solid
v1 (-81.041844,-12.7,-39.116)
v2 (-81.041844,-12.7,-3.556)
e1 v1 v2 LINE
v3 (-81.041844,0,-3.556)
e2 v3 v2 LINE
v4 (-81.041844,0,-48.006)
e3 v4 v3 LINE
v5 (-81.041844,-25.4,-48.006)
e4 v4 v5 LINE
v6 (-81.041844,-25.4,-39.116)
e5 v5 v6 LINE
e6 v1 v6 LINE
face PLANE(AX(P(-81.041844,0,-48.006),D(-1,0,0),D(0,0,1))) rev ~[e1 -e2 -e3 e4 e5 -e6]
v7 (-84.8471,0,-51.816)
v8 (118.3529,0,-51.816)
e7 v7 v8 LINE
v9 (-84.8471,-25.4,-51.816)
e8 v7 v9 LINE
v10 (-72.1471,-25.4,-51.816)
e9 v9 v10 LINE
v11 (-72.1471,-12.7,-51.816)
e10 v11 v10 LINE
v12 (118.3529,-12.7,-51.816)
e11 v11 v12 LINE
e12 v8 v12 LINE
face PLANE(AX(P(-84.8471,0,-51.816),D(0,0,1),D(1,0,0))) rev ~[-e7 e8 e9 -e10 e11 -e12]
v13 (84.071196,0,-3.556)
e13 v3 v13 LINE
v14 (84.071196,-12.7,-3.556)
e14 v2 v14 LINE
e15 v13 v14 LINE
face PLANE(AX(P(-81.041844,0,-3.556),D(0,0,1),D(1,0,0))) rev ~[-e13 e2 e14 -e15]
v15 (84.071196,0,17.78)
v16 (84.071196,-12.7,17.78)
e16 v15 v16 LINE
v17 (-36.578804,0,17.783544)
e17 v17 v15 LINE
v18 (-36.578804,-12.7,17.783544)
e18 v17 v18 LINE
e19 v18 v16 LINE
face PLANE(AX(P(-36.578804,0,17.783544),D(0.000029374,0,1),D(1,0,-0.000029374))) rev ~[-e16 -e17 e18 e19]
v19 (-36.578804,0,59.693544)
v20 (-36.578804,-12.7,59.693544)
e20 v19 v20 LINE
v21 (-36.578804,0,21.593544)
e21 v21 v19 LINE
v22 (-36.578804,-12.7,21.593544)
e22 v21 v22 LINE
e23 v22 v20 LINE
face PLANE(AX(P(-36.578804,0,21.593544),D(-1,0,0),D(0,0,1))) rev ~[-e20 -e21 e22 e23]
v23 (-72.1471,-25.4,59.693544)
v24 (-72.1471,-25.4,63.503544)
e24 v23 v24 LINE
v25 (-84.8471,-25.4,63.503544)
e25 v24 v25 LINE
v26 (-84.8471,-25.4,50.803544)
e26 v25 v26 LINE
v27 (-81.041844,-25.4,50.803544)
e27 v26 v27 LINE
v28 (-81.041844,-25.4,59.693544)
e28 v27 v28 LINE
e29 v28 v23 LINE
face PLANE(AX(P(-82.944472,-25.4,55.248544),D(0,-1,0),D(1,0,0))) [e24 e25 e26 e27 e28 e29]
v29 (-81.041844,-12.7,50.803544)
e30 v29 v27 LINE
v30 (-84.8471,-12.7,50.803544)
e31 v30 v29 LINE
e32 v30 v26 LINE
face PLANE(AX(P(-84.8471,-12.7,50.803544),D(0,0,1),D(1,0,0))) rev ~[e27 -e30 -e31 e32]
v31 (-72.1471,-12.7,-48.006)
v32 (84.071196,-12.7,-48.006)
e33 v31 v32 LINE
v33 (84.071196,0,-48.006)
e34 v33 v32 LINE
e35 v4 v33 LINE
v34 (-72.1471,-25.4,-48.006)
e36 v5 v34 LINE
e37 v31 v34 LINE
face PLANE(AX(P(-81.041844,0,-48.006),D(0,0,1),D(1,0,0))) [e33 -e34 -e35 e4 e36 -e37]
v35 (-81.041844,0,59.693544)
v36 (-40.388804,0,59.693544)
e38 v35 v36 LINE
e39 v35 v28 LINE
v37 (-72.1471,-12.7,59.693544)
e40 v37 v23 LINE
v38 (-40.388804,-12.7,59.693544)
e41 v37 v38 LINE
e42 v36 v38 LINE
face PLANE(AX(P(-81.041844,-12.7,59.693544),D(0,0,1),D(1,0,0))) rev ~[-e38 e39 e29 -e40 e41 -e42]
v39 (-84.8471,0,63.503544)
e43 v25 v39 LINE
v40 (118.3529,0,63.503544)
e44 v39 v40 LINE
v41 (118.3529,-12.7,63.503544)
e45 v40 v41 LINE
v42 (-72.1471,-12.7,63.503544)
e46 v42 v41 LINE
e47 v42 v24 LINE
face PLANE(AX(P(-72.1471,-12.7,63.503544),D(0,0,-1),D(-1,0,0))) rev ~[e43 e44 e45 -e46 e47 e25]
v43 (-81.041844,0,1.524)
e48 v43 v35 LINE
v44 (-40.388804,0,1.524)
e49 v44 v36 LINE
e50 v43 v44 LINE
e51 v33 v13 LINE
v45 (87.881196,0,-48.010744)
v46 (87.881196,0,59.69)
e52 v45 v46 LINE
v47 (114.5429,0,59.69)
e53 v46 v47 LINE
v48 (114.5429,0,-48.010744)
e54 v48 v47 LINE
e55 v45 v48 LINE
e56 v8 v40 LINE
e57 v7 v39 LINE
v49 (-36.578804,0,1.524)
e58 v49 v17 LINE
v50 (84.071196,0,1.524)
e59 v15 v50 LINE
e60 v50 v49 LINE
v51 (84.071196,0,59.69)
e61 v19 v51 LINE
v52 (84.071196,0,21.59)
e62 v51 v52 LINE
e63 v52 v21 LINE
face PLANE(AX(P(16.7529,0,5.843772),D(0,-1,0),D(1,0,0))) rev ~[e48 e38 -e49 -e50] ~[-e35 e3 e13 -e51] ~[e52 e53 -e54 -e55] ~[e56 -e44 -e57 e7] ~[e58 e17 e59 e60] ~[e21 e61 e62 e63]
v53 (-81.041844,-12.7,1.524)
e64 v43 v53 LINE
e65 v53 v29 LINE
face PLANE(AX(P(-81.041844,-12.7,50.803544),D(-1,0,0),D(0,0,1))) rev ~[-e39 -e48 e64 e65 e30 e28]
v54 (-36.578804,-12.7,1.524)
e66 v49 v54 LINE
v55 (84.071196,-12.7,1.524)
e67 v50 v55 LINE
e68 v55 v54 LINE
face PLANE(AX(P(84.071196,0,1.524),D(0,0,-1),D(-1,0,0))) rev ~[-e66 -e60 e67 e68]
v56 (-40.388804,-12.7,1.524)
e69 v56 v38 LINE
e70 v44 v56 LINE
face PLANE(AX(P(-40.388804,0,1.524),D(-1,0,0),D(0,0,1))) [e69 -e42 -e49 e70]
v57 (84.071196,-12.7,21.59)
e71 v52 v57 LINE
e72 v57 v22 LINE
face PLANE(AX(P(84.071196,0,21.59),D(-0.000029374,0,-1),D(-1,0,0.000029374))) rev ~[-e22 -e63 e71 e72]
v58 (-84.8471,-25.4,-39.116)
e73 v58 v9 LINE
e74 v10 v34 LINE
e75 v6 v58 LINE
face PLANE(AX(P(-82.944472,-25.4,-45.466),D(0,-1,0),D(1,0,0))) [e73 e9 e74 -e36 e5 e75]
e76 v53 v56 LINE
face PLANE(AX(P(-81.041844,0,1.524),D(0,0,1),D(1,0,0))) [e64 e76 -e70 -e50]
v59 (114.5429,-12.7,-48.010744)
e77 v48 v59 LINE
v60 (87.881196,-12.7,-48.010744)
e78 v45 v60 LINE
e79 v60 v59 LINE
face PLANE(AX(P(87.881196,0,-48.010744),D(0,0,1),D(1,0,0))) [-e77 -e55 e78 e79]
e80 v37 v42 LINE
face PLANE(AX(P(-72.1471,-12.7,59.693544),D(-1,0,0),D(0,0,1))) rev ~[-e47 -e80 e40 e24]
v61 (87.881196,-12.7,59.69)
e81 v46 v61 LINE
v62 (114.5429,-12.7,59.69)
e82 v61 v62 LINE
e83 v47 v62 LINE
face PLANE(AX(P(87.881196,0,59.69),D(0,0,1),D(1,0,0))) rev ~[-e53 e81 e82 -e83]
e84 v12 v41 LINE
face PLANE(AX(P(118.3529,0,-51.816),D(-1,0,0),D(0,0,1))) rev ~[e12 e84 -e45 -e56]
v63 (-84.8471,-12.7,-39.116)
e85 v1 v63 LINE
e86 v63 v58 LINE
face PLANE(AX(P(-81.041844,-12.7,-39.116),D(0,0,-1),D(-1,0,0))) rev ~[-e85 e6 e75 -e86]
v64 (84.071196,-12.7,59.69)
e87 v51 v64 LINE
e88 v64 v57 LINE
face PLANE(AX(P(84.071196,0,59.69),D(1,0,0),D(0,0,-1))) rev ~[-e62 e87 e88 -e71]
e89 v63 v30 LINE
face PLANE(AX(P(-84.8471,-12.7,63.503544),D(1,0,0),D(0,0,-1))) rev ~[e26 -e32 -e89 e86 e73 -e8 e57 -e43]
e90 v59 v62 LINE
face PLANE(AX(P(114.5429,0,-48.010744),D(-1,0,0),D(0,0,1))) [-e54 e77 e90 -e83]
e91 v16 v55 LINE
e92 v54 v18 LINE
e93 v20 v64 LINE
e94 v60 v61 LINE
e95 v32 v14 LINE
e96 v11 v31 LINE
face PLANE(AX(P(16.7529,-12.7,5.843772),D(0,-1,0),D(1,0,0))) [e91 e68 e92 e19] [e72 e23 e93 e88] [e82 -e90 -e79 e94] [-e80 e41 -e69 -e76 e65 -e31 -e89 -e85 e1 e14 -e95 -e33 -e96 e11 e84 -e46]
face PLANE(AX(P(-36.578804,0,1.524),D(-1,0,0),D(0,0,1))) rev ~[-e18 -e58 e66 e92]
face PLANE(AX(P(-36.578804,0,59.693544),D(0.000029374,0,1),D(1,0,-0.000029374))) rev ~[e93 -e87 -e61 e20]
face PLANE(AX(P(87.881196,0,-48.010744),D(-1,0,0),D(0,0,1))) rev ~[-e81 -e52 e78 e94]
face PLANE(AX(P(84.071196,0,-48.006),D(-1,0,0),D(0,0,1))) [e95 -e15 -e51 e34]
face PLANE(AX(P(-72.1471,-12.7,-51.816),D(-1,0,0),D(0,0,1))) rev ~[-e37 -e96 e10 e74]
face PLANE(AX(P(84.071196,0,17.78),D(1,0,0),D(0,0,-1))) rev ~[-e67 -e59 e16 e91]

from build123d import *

# Parameters (mm, degrees)
F0_W     = 203.2
F0_H     = 115.319544
F0_W_2   = 165.11304
F0_H_2   = 44.45
F0_W_3   = 26.661704
F0_H_3   = 107.700744
F0_W_4   = 40.65304
F0_H_4   = 58.169544
F1_DEPTH = 12.7
F2_W     = 3.805256
F2_H     = 8.89
F2_W_2   = 8.894744
F2_H_2   = 3.81
F3_DEPTH = 12.7


with BuildPart() as f1:
    # F0 (on Front) → F1 (new body)
    with BuildSketch(Plane.XZ):
        with Locations((16.7529, 5.843772)):
            Rectangle(F0_W, F0_H)
        with Locations((1.514676, -25.781)):
            Rectangle(F0_W_2, F0_H_2, mode=Mode.SUBTRACT)
        with Locations((101.212048, 5.839628)):
            Rectangle(F0_W_3, F0_H_3, mode=Mode.SUBTRACT)
        with Locations((-60.715324, 30.608772)):
            Rectangle(F0_W_4, F0_H_4, mode=Mode.SUBTRACT)
        Polygon((84.071196, 17.78), (84.071196, 1.524), (-36.578804, 1.524), (-36.578804, 17.783544), align=None, mode=Mode.SUBTRACT)
        Polygon((84.071196, 59.69), (84.071196, 21.59), (-36.578804, 21.593544), (-36.578804, 59.693544), align=None, mode=Mode.SUBTRACT)
    extrude(amount=F1_DEPTH)

    # F2 (on face) → F3 (join)
    with BuildSketch(Plane.XZ.offset(12.7)):
        with Locations((-82.944472, 55.248544)):
            Rectangle(F2_W, F2_H)
        Polygon((-72.1471, 63.503544), (-84.8471, 63.503544), (-84.8471, 59.693544), (-81.041844, 59.693544), (-72.1471, 59.693544), align=None)
        Polygon((-81.041844, -39.116), (-84.8471, -39.116), (-84.8471, -51.816), (-81.041844, -51.816), (-81.041844, -48.006), align=None)
        with Locations((-76.594472, -49.911)):
            Rectangle(F2_W_2, F2_H_2)
    extrude(amount=F3_DEPTH)


solid = f1.part
